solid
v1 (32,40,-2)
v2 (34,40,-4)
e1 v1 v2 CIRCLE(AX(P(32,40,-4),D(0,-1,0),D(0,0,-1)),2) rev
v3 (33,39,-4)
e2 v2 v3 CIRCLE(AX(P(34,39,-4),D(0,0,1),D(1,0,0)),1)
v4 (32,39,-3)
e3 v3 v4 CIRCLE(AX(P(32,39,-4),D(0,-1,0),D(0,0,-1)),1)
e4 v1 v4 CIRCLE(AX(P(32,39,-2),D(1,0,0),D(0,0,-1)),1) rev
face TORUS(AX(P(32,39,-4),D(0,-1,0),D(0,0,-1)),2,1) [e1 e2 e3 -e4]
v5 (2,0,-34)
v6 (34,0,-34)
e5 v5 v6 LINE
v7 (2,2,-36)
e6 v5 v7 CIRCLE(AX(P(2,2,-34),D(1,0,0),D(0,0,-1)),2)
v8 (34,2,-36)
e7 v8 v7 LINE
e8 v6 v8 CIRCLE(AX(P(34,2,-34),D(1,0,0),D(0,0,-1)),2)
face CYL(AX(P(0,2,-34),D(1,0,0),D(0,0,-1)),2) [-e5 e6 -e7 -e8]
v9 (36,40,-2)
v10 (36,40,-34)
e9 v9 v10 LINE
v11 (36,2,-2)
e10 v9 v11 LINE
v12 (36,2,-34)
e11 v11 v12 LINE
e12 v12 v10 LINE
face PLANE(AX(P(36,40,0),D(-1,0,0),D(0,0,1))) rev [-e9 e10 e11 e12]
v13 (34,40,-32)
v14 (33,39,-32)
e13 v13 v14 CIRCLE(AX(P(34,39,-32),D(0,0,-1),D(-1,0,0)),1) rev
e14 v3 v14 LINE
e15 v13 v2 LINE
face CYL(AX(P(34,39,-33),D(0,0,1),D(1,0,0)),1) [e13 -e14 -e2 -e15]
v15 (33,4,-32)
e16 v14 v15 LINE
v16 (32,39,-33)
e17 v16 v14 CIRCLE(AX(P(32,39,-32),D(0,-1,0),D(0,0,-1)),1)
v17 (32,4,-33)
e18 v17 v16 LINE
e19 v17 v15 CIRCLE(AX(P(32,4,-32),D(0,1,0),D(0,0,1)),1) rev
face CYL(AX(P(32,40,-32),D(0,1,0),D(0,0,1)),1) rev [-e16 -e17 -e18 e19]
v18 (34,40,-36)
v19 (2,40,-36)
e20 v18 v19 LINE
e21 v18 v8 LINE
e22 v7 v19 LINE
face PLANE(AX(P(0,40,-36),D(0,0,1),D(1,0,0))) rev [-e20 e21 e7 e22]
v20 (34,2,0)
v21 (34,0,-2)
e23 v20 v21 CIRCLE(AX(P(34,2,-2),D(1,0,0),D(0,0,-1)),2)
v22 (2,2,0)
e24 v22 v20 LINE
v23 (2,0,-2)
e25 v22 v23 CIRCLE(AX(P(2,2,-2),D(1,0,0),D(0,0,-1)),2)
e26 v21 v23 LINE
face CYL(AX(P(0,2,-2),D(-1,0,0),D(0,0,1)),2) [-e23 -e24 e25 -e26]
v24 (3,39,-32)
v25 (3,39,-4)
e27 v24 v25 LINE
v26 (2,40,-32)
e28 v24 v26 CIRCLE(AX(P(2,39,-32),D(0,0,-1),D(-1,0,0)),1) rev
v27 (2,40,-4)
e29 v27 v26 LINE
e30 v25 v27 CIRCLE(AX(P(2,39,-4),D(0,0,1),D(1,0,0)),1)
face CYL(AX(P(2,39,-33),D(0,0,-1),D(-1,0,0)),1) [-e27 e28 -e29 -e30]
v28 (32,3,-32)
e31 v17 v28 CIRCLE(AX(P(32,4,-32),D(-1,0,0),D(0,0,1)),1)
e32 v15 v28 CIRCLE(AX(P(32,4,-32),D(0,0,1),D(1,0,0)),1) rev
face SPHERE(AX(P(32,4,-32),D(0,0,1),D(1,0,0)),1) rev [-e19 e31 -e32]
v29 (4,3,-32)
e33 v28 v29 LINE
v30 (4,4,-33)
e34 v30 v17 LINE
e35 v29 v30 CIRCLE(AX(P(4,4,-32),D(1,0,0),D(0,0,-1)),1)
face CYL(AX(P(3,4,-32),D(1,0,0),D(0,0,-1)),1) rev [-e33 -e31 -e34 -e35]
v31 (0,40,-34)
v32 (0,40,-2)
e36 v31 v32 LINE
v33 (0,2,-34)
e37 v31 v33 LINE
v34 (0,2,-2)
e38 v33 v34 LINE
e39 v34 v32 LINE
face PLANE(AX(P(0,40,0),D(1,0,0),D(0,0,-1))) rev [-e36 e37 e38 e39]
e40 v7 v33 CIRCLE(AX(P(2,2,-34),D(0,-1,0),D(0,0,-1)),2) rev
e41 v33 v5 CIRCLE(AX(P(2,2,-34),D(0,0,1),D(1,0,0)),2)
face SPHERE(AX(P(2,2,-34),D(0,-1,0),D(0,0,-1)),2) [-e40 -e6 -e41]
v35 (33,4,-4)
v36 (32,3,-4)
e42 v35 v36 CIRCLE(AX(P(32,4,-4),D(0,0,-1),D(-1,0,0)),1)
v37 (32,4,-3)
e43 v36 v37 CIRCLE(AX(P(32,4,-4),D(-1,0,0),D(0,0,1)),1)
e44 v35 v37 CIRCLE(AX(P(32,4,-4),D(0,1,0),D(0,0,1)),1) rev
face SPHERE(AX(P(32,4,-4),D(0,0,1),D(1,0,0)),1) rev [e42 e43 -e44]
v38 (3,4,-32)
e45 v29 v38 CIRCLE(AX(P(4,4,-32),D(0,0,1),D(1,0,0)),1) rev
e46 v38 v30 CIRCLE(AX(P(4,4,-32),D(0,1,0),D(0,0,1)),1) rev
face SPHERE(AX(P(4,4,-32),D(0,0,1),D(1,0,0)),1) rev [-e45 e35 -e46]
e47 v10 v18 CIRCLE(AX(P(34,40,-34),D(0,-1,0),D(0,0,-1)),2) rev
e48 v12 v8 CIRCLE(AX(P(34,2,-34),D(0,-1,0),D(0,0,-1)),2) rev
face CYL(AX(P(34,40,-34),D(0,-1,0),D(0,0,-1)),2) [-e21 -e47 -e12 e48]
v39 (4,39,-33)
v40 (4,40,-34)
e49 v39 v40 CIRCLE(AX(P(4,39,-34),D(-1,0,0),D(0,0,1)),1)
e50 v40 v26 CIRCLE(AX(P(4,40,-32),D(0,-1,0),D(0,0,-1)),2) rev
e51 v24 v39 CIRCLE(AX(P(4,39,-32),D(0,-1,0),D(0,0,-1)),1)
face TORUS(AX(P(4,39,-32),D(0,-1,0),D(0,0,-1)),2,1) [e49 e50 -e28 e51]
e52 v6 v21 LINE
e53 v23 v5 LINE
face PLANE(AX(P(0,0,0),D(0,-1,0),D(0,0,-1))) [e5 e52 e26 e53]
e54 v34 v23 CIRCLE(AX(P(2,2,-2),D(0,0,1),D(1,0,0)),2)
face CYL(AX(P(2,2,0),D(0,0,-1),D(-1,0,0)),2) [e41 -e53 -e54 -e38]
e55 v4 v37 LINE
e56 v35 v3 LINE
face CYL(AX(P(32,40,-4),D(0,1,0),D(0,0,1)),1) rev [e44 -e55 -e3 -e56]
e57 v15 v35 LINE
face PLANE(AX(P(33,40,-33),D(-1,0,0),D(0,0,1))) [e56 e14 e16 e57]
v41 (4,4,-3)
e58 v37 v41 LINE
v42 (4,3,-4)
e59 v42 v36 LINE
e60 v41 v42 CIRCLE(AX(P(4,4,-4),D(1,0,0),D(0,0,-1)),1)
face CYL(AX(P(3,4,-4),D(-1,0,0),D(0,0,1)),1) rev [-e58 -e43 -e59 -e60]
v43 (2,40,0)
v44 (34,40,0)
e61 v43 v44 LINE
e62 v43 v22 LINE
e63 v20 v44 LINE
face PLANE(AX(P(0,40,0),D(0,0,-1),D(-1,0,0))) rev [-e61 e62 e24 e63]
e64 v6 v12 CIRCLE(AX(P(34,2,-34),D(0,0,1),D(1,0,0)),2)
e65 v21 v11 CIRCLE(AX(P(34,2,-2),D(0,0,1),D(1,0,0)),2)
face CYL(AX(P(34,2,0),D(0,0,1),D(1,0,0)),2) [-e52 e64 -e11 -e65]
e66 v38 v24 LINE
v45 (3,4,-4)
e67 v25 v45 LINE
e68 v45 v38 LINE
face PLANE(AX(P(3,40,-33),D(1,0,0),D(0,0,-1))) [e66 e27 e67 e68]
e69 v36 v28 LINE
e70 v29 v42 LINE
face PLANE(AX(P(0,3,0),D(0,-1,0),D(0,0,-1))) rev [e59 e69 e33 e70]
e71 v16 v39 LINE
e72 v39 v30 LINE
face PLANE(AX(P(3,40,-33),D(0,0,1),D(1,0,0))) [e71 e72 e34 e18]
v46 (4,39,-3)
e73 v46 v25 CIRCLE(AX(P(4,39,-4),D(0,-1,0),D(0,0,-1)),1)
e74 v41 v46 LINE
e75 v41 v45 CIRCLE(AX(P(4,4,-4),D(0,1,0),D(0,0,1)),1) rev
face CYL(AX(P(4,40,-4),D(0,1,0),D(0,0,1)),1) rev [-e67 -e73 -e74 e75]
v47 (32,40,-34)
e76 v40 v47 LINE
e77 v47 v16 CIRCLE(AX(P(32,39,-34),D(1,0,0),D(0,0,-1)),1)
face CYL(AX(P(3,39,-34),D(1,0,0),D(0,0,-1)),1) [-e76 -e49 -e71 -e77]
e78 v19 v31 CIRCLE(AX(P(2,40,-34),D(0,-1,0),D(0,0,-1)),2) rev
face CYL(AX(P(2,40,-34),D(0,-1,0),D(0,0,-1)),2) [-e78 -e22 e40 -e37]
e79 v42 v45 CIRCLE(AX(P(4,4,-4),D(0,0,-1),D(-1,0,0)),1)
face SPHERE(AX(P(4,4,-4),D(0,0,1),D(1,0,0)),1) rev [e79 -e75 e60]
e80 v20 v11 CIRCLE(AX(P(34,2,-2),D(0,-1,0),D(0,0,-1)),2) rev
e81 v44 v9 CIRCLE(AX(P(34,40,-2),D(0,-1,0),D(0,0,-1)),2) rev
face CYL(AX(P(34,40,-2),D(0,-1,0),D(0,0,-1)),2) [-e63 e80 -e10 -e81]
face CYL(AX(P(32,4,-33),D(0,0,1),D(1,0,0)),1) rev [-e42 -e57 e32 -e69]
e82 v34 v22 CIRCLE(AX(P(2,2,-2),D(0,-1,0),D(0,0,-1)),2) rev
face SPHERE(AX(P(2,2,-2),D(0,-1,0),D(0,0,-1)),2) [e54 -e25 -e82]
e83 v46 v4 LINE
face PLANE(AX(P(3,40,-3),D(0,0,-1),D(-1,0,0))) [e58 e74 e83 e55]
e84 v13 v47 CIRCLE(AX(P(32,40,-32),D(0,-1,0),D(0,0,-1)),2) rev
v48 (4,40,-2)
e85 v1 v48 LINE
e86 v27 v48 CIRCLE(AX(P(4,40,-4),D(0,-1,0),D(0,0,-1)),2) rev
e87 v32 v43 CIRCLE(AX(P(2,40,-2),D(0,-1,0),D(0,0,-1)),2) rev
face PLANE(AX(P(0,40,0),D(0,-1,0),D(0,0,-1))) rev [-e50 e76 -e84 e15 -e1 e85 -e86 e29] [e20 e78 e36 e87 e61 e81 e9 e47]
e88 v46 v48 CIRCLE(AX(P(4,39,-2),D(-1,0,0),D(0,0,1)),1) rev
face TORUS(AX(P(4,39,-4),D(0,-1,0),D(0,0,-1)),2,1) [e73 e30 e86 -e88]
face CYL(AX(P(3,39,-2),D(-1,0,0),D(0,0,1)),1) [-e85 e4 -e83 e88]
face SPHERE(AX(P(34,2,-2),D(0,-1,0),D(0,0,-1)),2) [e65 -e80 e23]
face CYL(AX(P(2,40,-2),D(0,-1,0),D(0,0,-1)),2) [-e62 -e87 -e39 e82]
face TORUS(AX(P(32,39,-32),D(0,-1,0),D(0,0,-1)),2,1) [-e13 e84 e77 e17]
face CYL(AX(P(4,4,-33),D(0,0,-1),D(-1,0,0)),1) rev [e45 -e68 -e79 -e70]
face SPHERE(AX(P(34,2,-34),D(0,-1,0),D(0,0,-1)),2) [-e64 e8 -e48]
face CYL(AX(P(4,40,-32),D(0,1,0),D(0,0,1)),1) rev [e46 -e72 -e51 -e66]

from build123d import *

# Parameters (mm, degrees)
SKETCH1_W           = 36
SKETCH1_H           = 36
SKETCH1_W_2         = 30
SKETCH1_H_2         = 30
BOSS_EXTRUDE1_DEPTH = 40
SKETCH2_W           = 30
SKETCH2_H           = 30
BOSS_EXTRUDE2_DEPTH = 3
FILLET_1_R          = 2
FILLET_2_R          = 2
FILLET_3_R          = 1


with BuildPart() as part:
    # Sketch1 → Boss-Extrude1 (new body)
    with BuildSketch(Plane(origin=(0, 0, 0), x_dir=(1, 0, 0), z_dir=(0, 1, 0))):
        with Locations((18, 18)):
            Rectangle(SKETCH1_W, SKETCH1_H)
        with Locations((18, 18)):
            Rectangle(SKETCH1_W_2, SKETCH1_H_2, mode=Mode.SUBTRACT)
    extrude(amount=BOSS_EXTRUDE1_DEPTH)

    # Sketch2 → Boss-Extrude2 (add)
    with BuildSketch(Plane.XZ):
        with Locations((18, -18)):
            Rectangle(SKETCH2_W, SKETCH2_H)
    extrude(amount=-BOSS_EXTRUDE2_DEPTH)

    # Скругление1
    fillet_1_edges = [part.edges().sort_by_distance(p)[0] for p in [
        (0, 20, -36),
        (36, 20, -36),
        (36, 20, 0),
        (0, 20, 0),
    ]]
    fillet(fillet_1_edges, radius=FILLET_1_R)

    # Скругление2
    fillet_2_edges = [part.edges().sort_by_distance(p)[0] for p in [
        (0, 0, -18),
        (18, 0, -36),
        (36, 0, -18),
        (18, 0, 0),
        (35.414213562, 0, -0.585786438),
        (35.414213562, 0, -35.414213562),
        (0.585786438, 0, -0.585786438),
        (0.585786438, 0, -35.414213562),
    ]]
    fillet(fillet_2_edges, radius=FILLET_2_R)

    # Скругление3
    fillet_3_edges = [part.edges().sort_by_distance(p)[0] for p in [
        (3, 21.5, -33),
        (3, 21.5, -3),
        (33, 21.5, -3),
        (33, 21.5, -33),
        (3, 40, -18),
        (18, 40, -3),
        (33, 40, -18),
        (18, 40, -33),
        (18, 3, -33),
        (3, 3, -18),
        (18, 3, -3),
        (33, 3, -18),
    ]]
    fillet(fillet_3_edges, radius=FILLET_3_R)


solid = part.part
